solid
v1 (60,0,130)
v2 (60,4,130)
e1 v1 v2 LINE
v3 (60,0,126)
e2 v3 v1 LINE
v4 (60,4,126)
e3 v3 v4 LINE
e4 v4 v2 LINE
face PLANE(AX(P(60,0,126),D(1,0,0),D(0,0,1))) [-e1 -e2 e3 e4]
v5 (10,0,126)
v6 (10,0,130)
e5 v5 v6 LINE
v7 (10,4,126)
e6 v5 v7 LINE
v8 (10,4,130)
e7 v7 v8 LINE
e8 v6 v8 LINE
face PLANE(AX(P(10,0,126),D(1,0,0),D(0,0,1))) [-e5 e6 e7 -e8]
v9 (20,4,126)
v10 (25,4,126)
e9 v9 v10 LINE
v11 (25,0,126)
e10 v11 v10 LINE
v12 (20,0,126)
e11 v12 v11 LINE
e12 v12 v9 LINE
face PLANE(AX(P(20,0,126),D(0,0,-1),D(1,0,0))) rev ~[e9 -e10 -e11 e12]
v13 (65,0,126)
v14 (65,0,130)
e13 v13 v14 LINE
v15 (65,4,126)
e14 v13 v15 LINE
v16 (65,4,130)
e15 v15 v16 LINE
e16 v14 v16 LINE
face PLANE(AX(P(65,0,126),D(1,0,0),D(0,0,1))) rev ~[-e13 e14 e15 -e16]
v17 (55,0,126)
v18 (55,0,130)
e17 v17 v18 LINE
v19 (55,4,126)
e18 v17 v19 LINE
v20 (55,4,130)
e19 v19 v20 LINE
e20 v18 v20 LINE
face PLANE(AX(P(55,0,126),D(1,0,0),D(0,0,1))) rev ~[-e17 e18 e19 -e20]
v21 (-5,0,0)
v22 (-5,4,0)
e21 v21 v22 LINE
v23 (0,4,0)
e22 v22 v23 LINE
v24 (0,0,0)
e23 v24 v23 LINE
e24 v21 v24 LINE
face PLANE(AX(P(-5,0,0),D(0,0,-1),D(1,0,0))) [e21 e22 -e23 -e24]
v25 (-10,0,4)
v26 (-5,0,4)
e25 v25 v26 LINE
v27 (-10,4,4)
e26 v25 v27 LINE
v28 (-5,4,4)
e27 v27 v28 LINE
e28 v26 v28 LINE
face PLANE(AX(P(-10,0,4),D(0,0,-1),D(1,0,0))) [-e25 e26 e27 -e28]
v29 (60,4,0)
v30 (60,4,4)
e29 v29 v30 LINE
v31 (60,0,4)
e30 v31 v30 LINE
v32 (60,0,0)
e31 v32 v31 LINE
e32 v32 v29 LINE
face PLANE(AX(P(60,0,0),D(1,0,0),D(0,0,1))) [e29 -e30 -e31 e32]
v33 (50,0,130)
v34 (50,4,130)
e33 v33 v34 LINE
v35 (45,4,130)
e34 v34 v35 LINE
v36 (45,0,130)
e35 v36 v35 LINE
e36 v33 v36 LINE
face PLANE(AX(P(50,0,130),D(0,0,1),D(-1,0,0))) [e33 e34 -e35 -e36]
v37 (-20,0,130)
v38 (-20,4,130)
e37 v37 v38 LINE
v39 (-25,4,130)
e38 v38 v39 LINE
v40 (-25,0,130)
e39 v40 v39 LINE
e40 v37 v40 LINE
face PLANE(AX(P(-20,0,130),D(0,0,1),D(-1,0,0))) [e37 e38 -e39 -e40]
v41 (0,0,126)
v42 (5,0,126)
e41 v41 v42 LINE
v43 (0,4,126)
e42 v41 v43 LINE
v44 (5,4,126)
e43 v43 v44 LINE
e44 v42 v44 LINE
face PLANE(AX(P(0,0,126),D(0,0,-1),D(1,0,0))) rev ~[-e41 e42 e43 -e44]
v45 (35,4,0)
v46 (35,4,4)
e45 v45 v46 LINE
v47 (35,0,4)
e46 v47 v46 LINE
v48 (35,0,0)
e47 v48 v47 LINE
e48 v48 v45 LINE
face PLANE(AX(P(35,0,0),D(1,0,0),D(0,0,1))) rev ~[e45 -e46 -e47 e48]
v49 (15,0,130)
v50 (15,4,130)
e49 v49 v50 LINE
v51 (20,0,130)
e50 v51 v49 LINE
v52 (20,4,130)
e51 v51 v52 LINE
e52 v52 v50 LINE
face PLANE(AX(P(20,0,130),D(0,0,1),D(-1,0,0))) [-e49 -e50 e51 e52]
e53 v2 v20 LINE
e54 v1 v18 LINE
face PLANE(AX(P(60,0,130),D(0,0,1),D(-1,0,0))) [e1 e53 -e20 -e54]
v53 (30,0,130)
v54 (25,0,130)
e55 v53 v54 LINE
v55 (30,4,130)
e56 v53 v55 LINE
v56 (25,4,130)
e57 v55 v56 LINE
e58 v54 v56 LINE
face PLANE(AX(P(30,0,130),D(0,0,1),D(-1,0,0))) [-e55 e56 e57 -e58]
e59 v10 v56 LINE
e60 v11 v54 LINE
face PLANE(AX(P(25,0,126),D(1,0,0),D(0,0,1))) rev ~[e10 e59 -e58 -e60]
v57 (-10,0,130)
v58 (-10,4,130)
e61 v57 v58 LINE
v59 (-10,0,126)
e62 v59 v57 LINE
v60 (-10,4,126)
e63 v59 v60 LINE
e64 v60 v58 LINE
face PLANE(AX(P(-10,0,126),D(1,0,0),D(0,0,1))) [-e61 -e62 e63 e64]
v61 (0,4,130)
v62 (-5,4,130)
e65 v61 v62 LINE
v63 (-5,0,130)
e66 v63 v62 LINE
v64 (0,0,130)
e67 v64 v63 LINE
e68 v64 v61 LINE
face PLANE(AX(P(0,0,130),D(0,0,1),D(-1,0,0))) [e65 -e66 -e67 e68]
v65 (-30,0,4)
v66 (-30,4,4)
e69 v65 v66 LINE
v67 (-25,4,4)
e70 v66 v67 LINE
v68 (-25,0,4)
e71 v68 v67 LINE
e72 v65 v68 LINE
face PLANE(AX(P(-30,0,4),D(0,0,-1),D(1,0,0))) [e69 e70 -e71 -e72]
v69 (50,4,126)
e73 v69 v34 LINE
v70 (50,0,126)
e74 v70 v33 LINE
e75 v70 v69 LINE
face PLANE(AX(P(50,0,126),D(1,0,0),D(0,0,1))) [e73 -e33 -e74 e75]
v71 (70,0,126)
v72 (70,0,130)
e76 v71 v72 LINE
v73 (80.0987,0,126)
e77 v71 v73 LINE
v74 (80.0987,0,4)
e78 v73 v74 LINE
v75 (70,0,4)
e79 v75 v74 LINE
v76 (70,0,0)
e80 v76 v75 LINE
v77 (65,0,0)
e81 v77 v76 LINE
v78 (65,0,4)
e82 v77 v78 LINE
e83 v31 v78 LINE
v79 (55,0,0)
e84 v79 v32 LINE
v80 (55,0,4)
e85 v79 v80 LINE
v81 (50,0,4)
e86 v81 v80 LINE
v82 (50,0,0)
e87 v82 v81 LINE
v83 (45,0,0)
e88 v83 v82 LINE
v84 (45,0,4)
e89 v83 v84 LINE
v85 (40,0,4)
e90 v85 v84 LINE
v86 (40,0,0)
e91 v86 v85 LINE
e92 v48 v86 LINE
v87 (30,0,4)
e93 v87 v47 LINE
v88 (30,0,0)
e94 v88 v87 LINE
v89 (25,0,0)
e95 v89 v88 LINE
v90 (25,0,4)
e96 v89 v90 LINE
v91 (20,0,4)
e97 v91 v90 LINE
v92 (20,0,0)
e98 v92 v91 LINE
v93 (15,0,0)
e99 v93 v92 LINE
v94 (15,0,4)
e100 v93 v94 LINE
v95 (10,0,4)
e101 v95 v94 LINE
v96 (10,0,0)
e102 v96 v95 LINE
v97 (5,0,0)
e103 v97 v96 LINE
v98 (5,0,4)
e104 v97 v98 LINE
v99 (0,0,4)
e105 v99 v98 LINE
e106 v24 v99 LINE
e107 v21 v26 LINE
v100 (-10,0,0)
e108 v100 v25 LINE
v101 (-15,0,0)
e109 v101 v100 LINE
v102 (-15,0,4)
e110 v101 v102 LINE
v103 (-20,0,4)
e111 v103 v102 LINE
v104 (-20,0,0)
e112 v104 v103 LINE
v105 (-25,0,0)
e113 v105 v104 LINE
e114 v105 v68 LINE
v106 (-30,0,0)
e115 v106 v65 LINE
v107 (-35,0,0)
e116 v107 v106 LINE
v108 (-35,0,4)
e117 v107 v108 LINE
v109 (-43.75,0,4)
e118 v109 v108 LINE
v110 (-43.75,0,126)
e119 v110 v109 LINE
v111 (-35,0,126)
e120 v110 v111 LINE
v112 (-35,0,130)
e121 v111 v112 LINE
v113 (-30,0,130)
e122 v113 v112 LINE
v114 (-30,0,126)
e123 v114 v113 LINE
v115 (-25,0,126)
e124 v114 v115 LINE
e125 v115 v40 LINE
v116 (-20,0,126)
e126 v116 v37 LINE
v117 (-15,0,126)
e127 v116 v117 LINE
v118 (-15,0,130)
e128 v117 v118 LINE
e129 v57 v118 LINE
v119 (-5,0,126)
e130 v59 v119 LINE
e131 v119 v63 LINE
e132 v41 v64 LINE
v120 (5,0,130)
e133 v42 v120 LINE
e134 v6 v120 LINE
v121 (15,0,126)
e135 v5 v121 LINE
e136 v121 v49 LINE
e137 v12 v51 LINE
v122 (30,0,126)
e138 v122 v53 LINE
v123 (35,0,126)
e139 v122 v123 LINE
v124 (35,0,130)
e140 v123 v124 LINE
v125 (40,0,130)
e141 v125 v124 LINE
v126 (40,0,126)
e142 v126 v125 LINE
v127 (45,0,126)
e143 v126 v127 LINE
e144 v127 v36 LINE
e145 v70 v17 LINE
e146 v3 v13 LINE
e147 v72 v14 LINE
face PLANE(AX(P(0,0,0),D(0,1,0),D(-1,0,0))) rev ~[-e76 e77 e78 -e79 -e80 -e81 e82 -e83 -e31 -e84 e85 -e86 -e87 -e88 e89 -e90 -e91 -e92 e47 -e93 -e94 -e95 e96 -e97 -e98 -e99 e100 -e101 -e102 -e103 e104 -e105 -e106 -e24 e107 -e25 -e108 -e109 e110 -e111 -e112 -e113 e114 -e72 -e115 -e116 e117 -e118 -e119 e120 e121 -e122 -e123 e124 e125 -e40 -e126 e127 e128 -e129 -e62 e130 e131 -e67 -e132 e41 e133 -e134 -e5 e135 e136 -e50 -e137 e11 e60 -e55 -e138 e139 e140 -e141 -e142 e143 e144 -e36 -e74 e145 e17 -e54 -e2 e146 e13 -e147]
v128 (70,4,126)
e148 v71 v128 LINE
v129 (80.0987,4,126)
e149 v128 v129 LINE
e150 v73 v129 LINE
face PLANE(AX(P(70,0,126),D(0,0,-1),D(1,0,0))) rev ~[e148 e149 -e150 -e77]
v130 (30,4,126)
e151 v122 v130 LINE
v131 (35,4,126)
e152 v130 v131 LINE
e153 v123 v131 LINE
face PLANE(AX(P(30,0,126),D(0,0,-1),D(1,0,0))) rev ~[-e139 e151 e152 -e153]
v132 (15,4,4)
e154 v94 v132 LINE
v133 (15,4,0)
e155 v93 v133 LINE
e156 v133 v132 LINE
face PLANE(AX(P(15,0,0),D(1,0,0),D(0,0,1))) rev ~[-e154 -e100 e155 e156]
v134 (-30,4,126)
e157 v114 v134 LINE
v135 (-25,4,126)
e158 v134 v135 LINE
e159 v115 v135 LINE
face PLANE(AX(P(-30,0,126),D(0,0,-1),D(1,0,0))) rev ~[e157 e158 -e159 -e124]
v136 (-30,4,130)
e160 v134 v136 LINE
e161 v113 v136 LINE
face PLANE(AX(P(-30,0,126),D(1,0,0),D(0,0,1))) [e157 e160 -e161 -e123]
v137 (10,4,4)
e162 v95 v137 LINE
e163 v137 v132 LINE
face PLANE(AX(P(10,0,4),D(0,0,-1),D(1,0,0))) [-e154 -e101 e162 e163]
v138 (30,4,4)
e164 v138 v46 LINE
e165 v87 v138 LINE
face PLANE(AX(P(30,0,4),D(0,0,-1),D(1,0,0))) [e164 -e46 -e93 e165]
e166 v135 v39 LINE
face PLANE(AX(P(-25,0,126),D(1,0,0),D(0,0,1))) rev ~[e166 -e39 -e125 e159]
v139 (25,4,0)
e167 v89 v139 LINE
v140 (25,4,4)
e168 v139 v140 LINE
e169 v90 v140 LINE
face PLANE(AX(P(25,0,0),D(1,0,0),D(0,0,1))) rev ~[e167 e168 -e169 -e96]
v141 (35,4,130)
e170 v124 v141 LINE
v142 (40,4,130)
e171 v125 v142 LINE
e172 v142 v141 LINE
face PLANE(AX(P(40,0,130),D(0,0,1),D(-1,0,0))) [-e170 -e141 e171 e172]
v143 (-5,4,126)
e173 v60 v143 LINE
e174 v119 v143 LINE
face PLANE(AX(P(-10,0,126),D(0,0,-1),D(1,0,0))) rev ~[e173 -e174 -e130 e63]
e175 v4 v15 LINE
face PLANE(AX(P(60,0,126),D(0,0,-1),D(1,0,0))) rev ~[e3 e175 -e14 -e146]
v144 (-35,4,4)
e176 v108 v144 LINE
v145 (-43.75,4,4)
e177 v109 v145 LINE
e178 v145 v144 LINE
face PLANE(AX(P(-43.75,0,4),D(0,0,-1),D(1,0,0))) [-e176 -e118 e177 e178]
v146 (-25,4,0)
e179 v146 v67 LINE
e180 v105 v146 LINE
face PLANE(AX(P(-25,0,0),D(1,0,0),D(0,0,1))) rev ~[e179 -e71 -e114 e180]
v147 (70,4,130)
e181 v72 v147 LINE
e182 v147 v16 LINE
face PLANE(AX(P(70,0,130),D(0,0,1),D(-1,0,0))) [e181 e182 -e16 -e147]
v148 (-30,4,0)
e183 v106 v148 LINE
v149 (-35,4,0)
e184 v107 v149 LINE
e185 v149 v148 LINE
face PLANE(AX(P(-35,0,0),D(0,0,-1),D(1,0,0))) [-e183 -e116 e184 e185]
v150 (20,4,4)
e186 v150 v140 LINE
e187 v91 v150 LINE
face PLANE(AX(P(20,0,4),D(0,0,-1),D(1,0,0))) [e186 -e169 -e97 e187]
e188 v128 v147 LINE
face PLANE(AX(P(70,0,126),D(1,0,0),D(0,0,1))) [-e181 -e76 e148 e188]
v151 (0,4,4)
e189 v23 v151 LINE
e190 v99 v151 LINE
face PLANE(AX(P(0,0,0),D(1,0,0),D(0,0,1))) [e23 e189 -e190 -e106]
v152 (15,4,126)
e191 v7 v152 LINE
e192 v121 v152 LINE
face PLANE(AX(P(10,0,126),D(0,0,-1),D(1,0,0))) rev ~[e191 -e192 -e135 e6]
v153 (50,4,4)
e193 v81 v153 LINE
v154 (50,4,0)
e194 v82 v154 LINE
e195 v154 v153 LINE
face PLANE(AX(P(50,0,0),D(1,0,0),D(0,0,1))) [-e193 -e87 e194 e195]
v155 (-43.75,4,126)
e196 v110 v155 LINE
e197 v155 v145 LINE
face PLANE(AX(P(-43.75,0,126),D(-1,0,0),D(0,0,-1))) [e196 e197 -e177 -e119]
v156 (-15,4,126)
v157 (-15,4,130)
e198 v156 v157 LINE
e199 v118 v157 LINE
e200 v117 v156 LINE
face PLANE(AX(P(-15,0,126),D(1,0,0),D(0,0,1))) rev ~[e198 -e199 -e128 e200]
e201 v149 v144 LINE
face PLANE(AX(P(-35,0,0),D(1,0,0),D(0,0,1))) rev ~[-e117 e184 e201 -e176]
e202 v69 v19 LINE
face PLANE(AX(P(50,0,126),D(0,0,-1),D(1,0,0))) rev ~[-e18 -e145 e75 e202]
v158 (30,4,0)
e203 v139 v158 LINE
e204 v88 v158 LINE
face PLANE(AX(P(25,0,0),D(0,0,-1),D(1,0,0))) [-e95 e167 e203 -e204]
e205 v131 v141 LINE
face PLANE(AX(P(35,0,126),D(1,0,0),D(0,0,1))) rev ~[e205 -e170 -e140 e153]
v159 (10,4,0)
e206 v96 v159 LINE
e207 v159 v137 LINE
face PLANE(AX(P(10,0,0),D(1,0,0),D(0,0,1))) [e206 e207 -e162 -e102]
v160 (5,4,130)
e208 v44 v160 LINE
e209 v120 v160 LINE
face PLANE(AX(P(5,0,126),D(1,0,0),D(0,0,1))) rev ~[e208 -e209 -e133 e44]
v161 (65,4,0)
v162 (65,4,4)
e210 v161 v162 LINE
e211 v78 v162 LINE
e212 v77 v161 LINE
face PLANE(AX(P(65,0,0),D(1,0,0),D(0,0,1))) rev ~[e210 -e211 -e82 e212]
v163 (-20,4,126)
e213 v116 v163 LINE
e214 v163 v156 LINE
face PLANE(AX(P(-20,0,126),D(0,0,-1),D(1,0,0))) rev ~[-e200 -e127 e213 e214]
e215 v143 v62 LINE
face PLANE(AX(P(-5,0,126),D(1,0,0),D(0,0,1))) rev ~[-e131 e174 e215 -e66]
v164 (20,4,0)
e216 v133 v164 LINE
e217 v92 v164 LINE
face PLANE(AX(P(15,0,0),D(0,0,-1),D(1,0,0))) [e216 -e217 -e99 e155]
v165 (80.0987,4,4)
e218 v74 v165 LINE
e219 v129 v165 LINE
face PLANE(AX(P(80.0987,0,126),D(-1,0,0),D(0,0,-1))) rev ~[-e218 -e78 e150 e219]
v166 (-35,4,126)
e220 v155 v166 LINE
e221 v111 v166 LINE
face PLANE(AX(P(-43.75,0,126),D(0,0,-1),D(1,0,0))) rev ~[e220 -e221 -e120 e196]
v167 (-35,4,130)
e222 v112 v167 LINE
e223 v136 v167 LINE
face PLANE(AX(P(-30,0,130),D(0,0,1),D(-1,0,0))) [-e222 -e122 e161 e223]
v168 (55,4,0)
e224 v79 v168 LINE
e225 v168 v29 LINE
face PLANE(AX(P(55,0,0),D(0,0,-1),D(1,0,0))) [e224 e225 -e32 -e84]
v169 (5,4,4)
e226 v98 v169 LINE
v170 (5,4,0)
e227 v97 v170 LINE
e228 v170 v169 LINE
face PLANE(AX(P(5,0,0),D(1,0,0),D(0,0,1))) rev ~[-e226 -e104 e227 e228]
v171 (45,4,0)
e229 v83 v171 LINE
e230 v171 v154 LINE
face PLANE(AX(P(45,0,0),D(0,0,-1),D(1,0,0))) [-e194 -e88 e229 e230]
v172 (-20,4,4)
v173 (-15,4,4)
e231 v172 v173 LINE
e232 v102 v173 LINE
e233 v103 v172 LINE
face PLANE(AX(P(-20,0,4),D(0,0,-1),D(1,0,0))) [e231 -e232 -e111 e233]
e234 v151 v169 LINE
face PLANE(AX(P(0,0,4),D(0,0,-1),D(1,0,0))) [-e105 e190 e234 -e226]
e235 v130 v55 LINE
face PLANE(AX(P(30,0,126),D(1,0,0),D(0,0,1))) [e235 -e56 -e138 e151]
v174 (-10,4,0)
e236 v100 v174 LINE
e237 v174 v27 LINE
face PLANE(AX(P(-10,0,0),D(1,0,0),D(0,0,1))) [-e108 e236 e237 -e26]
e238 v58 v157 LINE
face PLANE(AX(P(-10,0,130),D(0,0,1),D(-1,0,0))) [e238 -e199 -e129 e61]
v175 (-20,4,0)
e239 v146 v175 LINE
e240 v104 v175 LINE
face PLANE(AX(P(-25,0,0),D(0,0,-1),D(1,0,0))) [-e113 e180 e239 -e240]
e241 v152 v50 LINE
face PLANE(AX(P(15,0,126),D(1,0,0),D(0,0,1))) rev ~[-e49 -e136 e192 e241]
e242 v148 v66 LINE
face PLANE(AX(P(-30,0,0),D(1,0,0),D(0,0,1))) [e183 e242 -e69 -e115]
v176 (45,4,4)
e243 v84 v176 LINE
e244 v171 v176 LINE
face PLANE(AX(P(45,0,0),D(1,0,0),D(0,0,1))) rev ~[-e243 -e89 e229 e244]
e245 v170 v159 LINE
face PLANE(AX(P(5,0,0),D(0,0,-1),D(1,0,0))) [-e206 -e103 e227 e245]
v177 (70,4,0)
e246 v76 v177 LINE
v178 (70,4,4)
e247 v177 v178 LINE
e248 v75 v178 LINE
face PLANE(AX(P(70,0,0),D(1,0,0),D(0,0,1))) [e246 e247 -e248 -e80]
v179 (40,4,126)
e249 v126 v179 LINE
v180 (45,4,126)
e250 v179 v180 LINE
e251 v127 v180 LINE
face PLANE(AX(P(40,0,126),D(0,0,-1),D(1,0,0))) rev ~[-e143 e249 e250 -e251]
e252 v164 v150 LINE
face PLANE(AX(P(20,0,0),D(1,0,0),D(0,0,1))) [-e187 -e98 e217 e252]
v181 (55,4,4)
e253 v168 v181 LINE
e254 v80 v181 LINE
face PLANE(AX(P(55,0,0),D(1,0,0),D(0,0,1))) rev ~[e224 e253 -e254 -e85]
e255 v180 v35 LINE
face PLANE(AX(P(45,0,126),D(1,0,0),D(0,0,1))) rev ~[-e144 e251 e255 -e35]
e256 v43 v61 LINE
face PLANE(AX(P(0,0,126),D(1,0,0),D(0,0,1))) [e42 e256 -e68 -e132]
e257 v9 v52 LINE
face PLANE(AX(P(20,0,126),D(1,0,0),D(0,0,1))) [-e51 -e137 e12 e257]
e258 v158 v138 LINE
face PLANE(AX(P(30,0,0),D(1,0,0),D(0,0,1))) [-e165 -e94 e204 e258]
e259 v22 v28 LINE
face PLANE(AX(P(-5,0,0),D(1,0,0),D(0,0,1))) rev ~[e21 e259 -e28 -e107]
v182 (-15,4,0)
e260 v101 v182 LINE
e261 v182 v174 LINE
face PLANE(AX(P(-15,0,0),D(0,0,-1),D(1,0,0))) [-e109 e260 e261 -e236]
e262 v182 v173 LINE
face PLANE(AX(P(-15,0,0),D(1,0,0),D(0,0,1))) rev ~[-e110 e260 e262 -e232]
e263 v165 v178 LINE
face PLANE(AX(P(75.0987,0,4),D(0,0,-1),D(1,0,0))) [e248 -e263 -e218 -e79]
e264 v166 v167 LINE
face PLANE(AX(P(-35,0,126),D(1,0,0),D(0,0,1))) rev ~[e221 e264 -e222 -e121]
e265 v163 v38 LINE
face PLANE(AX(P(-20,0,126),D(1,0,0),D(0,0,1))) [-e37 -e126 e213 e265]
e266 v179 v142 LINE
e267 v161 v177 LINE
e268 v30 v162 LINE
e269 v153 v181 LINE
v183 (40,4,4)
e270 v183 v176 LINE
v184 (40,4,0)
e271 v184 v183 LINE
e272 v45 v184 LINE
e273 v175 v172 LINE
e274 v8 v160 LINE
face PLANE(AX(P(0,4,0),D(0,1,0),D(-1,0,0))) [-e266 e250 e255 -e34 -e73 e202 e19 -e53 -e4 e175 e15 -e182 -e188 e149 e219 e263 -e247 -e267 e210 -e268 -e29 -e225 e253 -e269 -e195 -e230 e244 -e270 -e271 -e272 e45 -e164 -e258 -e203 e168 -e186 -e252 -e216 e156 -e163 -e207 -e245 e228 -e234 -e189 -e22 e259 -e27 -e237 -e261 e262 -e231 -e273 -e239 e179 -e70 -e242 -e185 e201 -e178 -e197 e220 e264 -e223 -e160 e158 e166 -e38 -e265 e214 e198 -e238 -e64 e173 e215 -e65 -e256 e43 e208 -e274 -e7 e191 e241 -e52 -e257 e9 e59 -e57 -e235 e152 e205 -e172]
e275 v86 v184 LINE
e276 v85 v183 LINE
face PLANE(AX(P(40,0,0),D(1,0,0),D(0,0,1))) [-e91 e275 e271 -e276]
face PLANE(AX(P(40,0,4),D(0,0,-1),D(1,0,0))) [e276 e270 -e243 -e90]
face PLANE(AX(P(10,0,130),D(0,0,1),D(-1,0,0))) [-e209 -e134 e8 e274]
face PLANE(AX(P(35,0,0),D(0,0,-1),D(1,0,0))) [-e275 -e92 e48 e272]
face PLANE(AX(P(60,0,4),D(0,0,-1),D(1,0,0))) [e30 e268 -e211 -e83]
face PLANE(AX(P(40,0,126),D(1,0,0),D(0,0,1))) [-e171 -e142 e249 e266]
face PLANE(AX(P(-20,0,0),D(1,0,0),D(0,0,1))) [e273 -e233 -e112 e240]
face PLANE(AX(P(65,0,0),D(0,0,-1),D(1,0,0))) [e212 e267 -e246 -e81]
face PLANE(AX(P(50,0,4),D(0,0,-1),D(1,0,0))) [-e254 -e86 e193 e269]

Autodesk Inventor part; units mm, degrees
ref_plane "YZ Plane" through (0, 0, 0) normal (1, 0, 0) x (0, 1, 0)
ref_plane "XZ Plane" through (0, 0, 0) normal (0, 1, 0) x (-1, 0, 0)
ref_plane "XY Plane" through (0, 0, 0) normal (0, 0, 1) x (1, 0, 0)
sketch "Sketch1" plane through (0, 0, 0) normal (0, 1, 0) x (-1, 0, 0)
  line L0 (-80.0987, 126) -> (-80.0987, 4)
  line L1 (-75.0987, 4) -> (-80.0987, 4)
  line L2 (-75.0987, 4) -> (-70.0987, 4)
  line L3 (-70, 0) -> (-70, 4)
  line L4 (-65, 0) -> (-70, 0)
  line L5 (-65, 0) -> (-65, 4)
  line L6 (43.75, 4) -> (-80.0987, 4)
  line L7 (-60, 0) -> (-60, 4)
  line L8 (-55, 0) -> (-55, 4)
  line L9 (-50, 0) -> (-50, 4)
  line L10 (-45, 0) -> (-45, 4)
  line L11 (-35, 0) -> (-35, 4)
  line L12 (-40, 0) -> (-40, 4)
  line L13 (-30, 0) -> (-30, 4)
  line L14 (-25, 0) -> (-25, 4)
  line L15 (-20, 0) -> (-20, 4)
  line L16 (-15, 0) -> (-15, 4)
  line L17 (-10, 0) -> (-10, 4)
  line L18 (-5, 0) -> (-5, 4)
  line L19 (0, 0) -> (0, 4)
  line L20 (5, 0) -> (5, 4)
  line L21 (10, 0) -> (10, 4)
  line L22 (15, 0) -> (15, 4)
  line L23 (20, 0) -> (20, 4)
  line L24 (25, 0) -> (25, 4)
  line L25 (30, 0) -> (30, 4)
  line L26 (35, 0) -> (35, 4)
  line L27 (43.75, 126) -> (43.75, 4)
  line L28 (43.75, 126) -> (-80.0987, 126)
  line L29 (-70, 126) -> (-70, 130)
  line L30 (-70, 130) -> (-65, 130)
  line L31 (-65, 126) -> (-65, 130)
  line L32 (-60, 126) -> (-60, 130)
  line L33 (-60, 130) -> (-55, 130)
  line L34 (-55, 126) -> (-55, 130)
  line L35 (-50, 126) -> (-50, 130)
  line L36 (-50, 130) -> (-45, 130)
  line L37 (-45, 126) -> (-45, 130)
  line L38 (-40, 126) -> (-40, 130)
  line L39 (-40, 130) -> (-35, 130)
  line L40 (-35, 126) -> (-35, 130)
  line L41 (-30, 126) -> (-30, 130)
  line L42 (-30, 130) -> (-25, 130)
  line L43 (-25, 126) -> (-25, 130)
  line L44 (-20, 126) -> (-20, 130)
  line L45 (-20, 130) -> (-15, 130)
  line L46 (-15, 126) -> (-15, 130)
  line L47 (-10, 126) -> (-10, 130)
  line L48 (-10, 130) -> (-5, 130)
  line L49 (-5, 126) -> (-5, 130)
  line L50 (0, 130) -> (5, 130)
  line L51 (5, 126) -> (5, 130)
  line L52 (0, 126) -> (0, 130)
  line L53 (10, 126) -> (10, 130)
  line L54 (10, 130) -> (15, 130)
  line L55 (15, 126) -> (15, 130)
  line L56 (20, 126) -> (20, 130)
  line L57 (20, 130) -> (25, 130)
  line L58 (25, 126) -> (25, 130)
  line L59 (30, 126) -> (30, 130)
  line L60 (30, 130) -> (35, 130)
  line L61 (35, 126) -> (35, 130)
  line L62 (35, 0) -> (30, 0)
  line L63 (25, 0) -> (20, 0)
  line L64 (15, 0) -> (10, 0)
  line L65 (5, 0) -> (0, 0)
  line L66 (-5, 0) -> (-10, 0)
  line L67 (-15, 0) -> (-20, 0)
  line L68 (-25, 0) -> (-30, 0)
  line L69 (-35, 0) -> (-40, 0)
  line L70 (-45, 0) -> (-50, 0)
  line L71 (-55, 0) -> (-60, 0)
  line L72 (-65, 0) -> (-70, 0)
extrude "Extrusion1" add sketch "Sketch1" along normal blind 4
properties part number "ZwischenEbene"
